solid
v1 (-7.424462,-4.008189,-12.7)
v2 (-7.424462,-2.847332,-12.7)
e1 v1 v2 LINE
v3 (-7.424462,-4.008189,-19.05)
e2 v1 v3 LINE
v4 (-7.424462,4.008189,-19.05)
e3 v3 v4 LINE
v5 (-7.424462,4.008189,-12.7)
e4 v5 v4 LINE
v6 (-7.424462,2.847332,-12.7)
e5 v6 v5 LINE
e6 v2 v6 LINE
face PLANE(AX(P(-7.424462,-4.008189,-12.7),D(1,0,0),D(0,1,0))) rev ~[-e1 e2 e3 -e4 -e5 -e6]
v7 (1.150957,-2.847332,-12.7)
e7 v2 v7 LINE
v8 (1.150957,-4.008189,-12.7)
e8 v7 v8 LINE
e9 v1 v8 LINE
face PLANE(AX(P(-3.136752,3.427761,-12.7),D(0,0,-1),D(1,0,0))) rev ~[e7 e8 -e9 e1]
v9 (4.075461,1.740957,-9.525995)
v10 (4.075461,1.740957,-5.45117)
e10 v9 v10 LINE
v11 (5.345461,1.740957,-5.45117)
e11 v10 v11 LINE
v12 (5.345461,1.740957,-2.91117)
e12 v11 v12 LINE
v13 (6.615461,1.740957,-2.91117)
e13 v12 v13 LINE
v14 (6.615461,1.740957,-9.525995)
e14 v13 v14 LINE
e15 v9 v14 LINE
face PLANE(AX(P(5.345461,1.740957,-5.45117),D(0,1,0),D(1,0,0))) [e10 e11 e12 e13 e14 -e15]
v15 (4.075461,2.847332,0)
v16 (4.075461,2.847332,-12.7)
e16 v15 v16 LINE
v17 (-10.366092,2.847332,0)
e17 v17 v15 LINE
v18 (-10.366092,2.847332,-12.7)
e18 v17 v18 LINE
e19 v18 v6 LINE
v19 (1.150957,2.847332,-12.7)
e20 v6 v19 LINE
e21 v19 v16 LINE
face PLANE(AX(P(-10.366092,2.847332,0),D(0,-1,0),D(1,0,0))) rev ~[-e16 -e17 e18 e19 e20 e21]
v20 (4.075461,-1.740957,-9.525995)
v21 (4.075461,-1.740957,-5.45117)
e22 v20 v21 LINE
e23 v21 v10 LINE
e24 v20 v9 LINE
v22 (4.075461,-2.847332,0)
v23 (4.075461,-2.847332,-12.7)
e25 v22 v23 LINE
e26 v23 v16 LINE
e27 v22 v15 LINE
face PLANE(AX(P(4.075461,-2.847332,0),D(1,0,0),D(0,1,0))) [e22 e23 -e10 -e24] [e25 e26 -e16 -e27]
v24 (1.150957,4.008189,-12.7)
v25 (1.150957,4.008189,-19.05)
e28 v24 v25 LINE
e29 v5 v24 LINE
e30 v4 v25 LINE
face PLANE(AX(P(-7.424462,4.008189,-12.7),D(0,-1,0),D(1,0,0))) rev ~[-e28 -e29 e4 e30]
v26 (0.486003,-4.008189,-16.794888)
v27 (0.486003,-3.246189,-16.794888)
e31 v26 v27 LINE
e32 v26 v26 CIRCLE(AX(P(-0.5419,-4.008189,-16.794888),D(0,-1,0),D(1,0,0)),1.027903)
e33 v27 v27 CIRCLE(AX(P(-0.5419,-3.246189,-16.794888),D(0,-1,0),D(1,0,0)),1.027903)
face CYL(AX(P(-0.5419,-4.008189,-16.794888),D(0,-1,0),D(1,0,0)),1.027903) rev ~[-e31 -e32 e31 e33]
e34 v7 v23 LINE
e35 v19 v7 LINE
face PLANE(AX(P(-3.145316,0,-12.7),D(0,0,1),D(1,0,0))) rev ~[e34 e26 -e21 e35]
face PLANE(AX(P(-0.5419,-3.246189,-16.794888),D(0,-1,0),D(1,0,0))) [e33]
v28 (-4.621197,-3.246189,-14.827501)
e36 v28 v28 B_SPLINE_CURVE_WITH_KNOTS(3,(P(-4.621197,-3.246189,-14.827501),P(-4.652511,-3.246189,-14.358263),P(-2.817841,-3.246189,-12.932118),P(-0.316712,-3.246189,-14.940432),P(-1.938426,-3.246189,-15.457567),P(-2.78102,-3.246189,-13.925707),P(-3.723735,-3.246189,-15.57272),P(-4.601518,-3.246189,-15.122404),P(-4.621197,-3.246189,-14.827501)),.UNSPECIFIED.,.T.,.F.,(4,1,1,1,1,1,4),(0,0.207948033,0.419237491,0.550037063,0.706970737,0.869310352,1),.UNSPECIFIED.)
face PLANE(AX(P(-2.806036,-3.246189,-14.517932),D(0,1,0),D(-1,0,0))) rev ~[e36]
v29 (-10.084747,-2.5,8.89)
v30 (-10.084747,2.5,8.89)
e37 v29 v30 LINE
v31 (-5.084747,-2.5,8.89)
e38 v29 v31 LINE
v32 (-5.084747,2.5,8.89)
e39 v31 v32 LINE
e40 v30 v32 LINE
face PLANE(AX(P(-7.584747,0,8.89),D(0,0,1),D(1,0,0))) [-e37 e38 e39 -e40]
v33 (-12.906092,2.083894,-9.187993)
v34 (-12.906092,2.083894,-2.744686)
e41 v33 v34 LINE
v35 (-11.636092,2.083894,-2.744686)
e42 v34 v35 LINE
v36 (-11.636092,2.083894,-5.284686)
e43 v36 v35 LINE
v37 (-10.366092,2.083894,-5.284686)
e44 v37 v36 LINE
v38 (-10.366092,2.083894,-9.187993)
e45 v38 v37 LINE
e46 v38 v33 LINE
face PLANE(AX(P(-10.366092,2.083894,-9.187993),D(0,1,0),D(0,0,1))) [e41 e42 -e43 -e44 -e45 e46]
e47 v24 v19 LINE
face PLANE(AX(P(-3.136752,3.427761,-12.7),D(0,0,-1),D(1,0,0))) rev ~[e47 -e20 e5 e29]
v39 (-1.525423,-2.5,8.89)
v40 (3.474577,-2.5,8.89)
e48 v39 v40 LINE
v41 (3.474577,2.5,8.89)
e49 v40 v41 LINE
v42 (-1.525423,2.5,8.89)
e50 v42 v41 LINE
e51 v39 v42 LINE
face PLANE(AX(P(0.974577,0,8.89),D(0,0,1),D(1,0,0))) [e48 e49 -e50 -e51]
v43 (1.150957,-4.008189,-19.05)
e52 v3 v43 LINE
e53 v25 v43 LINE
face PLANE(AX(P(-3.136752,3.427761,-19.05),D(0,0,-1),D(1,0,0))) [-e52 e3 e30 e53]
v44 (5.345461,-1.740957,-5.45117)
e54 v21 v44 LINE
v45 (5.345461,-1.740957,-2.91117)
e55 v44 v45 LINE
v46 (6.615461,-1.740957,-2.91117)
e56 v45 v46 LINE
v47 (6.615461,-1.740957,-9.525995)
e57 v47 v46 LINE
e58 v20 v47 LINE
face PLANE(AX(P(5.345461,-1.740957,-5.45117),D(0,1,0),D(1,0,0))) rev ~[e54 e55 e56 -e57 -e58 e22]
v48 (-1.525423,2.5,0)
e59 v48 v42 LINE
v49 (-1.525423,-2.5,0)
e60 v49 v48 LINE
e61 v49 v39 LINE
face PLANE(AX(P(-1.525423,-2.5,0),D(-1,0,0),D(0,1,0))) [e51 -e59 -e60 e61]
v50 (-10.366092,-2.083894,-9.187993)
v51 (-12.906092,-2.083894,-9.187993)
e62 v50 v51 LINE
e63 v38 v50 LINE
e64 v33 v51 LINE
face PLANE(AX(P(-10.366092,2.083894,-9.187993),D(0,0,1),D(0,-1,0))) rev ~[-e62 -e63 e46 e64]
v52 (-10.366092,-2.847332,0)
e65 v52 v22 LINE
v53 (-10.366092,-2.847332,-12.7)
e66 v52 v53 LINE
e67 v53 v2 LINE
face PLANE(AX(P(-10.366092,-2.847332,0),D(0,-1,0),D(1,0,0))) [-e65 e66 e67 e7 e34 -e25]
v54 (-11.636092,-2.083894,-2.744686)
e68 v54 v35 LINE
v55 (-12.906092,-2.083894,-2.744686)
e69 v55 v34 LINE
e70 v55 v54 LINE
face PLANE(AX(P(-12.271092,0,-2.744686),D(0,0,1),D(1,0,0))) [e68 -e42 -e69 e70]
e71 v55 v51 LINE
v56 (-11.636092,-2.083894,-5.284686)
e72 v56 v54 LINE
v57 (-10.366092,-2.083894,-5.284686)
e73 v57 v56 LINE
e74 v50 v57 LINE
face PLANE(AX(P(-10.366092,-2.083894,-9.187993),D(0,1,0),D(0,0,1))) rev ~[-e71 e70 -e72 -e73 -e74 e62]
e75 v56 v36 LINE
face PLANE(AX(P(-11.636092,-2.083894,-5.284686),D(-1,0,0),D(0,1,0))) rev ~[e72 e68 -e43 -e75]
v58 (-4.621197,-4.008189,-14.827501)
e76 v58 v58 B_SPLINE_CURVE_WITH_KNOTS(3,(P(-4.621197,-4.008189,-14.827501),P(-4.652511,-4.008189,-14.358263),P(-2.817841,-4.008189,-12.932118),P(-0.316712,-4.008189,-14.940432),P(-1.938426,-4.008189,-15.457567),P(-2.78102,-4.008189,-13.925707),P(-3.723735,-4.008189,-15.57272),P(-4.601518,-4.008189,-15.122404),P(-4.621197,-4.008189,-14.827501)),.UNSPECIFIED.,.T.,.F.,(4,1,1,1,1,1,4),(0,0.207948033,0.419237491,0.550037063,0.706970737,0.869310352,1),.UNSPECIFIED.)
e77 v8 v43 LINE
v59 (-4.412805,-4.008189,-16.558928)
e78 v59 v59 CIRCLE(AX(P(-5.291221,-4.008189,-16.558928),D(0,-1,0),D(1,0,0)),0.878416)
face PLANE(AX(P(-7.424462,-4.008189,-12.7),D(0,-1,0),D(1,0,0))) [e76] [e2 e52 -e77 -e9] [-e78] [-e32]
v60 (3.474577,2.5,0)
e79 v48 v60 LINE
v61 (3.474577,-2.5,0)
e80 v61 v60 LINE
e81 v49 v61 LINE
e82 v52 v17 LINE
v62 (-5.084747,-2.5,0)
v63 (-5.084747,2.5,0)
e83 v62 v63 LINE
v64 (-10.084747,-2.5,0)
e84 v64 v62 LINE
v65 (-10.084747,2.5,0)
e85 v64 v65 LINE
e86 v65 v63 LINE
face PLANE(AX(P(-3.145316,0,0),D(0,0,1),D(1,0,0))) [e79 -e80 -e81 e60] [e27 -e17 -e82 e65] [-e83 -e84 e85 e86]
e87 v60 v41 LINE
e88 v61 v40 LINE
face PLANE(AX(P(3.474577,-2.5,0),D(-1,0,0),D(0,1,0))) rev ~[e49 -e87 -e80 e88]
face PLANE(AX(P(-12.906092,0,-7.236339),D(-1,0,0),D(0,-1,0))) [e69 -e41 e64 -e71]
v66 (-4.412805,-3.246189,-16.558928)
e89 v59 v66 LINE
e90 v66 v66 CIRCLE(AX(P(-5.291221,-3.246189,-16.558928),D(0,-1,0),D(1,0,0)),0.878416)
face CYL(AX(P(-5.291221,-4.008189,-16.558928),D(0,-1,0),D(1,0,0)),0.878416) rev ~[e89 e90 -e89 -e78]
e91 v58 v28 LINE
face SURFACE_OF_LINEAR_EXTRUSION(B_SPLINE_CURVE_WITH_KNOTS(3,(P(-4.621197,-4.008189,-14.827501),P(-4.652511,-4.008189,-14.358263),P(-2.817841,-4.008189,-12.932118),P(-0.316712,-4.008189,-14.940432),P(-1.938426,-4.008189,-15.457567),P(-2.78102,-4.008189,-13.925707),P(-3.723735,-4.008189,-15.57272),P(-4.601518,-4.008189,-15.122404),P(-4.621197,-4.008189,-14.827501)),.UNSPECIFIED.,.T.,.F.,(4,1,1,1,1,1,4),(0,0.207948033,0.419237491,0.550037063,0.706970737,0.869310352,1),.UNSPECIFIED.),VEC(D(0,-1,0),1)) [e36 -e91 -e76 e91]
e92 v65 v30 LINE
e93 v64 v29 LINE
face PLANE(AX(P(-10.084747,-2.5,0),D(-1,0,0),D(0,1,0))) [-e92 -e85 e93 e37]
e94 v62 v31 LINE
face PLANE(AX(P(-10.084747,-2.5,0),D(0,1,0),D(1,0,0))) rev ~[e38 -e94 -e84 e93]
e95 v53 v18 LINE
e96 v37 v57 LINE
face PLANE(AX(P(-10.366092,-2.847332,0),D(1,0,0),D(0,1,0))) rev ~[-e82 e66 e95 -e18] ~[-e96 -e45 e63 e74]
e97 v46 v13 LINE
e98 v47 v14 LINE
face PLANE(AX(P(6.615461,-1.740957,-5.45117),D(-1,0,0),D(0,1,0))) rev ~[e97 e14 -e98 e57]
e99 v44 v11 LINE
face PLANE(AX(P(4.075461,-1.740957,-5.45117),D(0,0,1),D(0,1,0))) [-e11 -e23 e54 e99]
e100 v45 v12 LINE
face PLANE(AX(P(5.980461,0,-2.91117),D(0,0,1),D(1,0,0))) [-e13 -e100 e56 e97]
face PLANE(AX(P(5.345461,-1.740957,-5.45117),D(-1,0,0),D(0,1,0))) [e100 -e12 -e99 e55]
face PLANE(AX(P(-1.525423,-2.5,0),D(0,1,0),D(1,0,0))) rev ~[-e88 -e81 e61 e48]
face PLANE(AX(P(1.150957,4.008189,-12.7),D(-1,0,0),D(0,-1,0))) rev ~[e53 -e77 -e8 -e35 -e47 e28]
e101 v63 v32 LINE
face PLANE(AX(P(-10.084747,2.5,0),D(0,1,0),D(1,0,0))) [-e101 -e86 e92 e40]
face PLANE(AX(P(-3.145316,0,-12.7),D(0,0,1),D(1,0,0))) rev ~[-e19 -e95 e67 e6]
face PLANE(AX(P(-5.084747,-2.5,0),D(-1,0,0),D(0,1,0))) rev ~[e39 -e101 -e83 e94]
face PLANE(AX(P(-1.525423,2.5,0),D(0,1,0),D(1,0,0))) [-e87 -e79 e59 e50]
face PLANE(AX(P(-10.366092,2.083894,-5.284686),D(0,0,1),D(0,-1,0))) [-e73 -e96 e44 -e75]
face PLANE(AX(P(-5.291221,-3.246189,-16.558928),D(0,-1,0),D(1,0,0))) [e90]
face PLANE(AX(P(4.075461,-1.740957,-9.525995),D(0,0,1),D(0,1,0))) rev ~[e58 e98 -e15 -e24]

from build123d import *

# Parameters (mm, degrees)
F0_W      = 5
F0_H      = 5
F1_DEPTH  = 8.89
F2_W      = 14.4415530376
F2_H      = 5.6946645491
F3_DEPTH  = 12.7
F4_W      = 8.575418964
F4_H      = 1.1608570348
F4_H_2    = 5.6946645491
F5_DEPTH  = 6.35
F6_W      = 3.4819149878
F6_H      = 4.0748249739
F7_DEPTH  = 2.54
F8_W      = 4.1677881964
F8_H      = 3.9033070207
F9_DEPTH  = 2.54
F11_W     = 1.27
F11_H     = 3.4819149878
F10_W     = 1.27
F10_H     = 4.1677881964
F12_DEPTH = 2.54
F13_R     = 1.0279027568
F13_R_2   = 0.8784163787
F14_DEPTH = 0.762


with BuildPart() as f1:
    # F0 (on Top) → F1 (new body)
    with BuildSketch(Plane.XY):
        with Locations((-7.5847473372, 0)):
            Rectangle(F0_W, F0_H)
    extrude(amount=F1_DEPTH)



with BuildPart() as f1b:
    # F0 (on Top) → F1, piece 2 (new body)
    with BuildSketch(Plane.XY):
        with Locations((0.9745767244, 0)):
            Rectangle(F0_W, F0_H)
    extrude(amount=F1_DEPTH)


with BuildPart() as f1_1:
    add(f1.part)

    add(f1b.part)  # F3 merges F1b
    # F2 (on Top) → F3 (join)
    with BuildSketch(Plane.XY):
        with Locations((-3.1453159172, 0)):
            Rectangle(F2_W, F2_H)
    extrude(amount=-F3_DEPTH)

    # F4 (on face) → F5 (join)
    with BuildSketch(Plane(origin=(0, 0, -12.7), x_dir=(1, 0, 0), z_dir=(0, 0, -1))):
        with Locations((-3.1367521733, -3.427760792)):
            Rectangle(F4_W, F4_H)
        with Locations((-3.1367521733, 3.427760792)):
            Rectangle(F4_W, F4_H)
        with Locations((-3.1367521733, 0)):
            Rectangle(F4_W, F4_H_2)
    extrude(amount=F5_DEPTH)

    # F6 (on face) → F7 (join)
    with BuildSketch(Plane.YZ.offset(4.0754606016)):
        with Locations((0, -7.4885827489)):
            Rectangle(F6_W, F6_H)
    extrude(amount=F7_DEPTH)

    # F8 (on face) → F9 (join)
    with BuildSketch(Plane(origin=(-10.366092436, 0, 0), x_dir=(0, -1, 0), z_dir=(-1, 0, 0))):
        with Locations((0, -7.2363391519)):
            Rectangle(F8_W, F8_H)
    extrude(amount=F9_DEPTH)

    # F11 (on face) + F10 (on face) → F12 (join)
    with BuildSketch(Plane.XY.offset(-5.4511702619)):
        with Locations((5.9804606016, 0)):
            Rectangle(F11_W, F11_H)
    with BuildSketch(Plane.XY.offset(-5.2846856415)):
        with Locations((-12.271092436, 0)):
            Rectangle(F10_W, F10_H)
    extrude(amount=F12_DEPTH)

    # F13 (on face) → F14 (cut)
    with BuildSketch(Plane.XZ.offset(4.0081893094)):
        with Locations((-0.5419000518, -16.7948883027)):
            Circle(F13_R)
        with Locations((-5.2912211977, -16.5589284152)):
            Circle(F13_R_2)
        with BuildLine():
            add(Edge.make_bspline(
                [(-4.6211974695, -14.8275010288), (-4.6525107879, -14.3582631191), (-2.8178407576, -12.9321177777), (-0.316711825, -14.9404321969), (-1.9384263234, -15.4575665045), (-2.7810199858, -13.9257072681), (-3.7237353615, -15.5727199427), (-4.6015179058, -15.1224042148), (-4.6211974695, -14.8275010288)],
                knots=[0, 0, 0, 0, 0.2079480328, 0.4192374914, 0.5500370632, 0.7069707366, 0.8693103517, 1, 1, 1, 1], degree=3))
        make_face()
    extrude(amount=-F14_DEPTH, mode=Mode.SUBTRACT)


solid = f1_1.part
